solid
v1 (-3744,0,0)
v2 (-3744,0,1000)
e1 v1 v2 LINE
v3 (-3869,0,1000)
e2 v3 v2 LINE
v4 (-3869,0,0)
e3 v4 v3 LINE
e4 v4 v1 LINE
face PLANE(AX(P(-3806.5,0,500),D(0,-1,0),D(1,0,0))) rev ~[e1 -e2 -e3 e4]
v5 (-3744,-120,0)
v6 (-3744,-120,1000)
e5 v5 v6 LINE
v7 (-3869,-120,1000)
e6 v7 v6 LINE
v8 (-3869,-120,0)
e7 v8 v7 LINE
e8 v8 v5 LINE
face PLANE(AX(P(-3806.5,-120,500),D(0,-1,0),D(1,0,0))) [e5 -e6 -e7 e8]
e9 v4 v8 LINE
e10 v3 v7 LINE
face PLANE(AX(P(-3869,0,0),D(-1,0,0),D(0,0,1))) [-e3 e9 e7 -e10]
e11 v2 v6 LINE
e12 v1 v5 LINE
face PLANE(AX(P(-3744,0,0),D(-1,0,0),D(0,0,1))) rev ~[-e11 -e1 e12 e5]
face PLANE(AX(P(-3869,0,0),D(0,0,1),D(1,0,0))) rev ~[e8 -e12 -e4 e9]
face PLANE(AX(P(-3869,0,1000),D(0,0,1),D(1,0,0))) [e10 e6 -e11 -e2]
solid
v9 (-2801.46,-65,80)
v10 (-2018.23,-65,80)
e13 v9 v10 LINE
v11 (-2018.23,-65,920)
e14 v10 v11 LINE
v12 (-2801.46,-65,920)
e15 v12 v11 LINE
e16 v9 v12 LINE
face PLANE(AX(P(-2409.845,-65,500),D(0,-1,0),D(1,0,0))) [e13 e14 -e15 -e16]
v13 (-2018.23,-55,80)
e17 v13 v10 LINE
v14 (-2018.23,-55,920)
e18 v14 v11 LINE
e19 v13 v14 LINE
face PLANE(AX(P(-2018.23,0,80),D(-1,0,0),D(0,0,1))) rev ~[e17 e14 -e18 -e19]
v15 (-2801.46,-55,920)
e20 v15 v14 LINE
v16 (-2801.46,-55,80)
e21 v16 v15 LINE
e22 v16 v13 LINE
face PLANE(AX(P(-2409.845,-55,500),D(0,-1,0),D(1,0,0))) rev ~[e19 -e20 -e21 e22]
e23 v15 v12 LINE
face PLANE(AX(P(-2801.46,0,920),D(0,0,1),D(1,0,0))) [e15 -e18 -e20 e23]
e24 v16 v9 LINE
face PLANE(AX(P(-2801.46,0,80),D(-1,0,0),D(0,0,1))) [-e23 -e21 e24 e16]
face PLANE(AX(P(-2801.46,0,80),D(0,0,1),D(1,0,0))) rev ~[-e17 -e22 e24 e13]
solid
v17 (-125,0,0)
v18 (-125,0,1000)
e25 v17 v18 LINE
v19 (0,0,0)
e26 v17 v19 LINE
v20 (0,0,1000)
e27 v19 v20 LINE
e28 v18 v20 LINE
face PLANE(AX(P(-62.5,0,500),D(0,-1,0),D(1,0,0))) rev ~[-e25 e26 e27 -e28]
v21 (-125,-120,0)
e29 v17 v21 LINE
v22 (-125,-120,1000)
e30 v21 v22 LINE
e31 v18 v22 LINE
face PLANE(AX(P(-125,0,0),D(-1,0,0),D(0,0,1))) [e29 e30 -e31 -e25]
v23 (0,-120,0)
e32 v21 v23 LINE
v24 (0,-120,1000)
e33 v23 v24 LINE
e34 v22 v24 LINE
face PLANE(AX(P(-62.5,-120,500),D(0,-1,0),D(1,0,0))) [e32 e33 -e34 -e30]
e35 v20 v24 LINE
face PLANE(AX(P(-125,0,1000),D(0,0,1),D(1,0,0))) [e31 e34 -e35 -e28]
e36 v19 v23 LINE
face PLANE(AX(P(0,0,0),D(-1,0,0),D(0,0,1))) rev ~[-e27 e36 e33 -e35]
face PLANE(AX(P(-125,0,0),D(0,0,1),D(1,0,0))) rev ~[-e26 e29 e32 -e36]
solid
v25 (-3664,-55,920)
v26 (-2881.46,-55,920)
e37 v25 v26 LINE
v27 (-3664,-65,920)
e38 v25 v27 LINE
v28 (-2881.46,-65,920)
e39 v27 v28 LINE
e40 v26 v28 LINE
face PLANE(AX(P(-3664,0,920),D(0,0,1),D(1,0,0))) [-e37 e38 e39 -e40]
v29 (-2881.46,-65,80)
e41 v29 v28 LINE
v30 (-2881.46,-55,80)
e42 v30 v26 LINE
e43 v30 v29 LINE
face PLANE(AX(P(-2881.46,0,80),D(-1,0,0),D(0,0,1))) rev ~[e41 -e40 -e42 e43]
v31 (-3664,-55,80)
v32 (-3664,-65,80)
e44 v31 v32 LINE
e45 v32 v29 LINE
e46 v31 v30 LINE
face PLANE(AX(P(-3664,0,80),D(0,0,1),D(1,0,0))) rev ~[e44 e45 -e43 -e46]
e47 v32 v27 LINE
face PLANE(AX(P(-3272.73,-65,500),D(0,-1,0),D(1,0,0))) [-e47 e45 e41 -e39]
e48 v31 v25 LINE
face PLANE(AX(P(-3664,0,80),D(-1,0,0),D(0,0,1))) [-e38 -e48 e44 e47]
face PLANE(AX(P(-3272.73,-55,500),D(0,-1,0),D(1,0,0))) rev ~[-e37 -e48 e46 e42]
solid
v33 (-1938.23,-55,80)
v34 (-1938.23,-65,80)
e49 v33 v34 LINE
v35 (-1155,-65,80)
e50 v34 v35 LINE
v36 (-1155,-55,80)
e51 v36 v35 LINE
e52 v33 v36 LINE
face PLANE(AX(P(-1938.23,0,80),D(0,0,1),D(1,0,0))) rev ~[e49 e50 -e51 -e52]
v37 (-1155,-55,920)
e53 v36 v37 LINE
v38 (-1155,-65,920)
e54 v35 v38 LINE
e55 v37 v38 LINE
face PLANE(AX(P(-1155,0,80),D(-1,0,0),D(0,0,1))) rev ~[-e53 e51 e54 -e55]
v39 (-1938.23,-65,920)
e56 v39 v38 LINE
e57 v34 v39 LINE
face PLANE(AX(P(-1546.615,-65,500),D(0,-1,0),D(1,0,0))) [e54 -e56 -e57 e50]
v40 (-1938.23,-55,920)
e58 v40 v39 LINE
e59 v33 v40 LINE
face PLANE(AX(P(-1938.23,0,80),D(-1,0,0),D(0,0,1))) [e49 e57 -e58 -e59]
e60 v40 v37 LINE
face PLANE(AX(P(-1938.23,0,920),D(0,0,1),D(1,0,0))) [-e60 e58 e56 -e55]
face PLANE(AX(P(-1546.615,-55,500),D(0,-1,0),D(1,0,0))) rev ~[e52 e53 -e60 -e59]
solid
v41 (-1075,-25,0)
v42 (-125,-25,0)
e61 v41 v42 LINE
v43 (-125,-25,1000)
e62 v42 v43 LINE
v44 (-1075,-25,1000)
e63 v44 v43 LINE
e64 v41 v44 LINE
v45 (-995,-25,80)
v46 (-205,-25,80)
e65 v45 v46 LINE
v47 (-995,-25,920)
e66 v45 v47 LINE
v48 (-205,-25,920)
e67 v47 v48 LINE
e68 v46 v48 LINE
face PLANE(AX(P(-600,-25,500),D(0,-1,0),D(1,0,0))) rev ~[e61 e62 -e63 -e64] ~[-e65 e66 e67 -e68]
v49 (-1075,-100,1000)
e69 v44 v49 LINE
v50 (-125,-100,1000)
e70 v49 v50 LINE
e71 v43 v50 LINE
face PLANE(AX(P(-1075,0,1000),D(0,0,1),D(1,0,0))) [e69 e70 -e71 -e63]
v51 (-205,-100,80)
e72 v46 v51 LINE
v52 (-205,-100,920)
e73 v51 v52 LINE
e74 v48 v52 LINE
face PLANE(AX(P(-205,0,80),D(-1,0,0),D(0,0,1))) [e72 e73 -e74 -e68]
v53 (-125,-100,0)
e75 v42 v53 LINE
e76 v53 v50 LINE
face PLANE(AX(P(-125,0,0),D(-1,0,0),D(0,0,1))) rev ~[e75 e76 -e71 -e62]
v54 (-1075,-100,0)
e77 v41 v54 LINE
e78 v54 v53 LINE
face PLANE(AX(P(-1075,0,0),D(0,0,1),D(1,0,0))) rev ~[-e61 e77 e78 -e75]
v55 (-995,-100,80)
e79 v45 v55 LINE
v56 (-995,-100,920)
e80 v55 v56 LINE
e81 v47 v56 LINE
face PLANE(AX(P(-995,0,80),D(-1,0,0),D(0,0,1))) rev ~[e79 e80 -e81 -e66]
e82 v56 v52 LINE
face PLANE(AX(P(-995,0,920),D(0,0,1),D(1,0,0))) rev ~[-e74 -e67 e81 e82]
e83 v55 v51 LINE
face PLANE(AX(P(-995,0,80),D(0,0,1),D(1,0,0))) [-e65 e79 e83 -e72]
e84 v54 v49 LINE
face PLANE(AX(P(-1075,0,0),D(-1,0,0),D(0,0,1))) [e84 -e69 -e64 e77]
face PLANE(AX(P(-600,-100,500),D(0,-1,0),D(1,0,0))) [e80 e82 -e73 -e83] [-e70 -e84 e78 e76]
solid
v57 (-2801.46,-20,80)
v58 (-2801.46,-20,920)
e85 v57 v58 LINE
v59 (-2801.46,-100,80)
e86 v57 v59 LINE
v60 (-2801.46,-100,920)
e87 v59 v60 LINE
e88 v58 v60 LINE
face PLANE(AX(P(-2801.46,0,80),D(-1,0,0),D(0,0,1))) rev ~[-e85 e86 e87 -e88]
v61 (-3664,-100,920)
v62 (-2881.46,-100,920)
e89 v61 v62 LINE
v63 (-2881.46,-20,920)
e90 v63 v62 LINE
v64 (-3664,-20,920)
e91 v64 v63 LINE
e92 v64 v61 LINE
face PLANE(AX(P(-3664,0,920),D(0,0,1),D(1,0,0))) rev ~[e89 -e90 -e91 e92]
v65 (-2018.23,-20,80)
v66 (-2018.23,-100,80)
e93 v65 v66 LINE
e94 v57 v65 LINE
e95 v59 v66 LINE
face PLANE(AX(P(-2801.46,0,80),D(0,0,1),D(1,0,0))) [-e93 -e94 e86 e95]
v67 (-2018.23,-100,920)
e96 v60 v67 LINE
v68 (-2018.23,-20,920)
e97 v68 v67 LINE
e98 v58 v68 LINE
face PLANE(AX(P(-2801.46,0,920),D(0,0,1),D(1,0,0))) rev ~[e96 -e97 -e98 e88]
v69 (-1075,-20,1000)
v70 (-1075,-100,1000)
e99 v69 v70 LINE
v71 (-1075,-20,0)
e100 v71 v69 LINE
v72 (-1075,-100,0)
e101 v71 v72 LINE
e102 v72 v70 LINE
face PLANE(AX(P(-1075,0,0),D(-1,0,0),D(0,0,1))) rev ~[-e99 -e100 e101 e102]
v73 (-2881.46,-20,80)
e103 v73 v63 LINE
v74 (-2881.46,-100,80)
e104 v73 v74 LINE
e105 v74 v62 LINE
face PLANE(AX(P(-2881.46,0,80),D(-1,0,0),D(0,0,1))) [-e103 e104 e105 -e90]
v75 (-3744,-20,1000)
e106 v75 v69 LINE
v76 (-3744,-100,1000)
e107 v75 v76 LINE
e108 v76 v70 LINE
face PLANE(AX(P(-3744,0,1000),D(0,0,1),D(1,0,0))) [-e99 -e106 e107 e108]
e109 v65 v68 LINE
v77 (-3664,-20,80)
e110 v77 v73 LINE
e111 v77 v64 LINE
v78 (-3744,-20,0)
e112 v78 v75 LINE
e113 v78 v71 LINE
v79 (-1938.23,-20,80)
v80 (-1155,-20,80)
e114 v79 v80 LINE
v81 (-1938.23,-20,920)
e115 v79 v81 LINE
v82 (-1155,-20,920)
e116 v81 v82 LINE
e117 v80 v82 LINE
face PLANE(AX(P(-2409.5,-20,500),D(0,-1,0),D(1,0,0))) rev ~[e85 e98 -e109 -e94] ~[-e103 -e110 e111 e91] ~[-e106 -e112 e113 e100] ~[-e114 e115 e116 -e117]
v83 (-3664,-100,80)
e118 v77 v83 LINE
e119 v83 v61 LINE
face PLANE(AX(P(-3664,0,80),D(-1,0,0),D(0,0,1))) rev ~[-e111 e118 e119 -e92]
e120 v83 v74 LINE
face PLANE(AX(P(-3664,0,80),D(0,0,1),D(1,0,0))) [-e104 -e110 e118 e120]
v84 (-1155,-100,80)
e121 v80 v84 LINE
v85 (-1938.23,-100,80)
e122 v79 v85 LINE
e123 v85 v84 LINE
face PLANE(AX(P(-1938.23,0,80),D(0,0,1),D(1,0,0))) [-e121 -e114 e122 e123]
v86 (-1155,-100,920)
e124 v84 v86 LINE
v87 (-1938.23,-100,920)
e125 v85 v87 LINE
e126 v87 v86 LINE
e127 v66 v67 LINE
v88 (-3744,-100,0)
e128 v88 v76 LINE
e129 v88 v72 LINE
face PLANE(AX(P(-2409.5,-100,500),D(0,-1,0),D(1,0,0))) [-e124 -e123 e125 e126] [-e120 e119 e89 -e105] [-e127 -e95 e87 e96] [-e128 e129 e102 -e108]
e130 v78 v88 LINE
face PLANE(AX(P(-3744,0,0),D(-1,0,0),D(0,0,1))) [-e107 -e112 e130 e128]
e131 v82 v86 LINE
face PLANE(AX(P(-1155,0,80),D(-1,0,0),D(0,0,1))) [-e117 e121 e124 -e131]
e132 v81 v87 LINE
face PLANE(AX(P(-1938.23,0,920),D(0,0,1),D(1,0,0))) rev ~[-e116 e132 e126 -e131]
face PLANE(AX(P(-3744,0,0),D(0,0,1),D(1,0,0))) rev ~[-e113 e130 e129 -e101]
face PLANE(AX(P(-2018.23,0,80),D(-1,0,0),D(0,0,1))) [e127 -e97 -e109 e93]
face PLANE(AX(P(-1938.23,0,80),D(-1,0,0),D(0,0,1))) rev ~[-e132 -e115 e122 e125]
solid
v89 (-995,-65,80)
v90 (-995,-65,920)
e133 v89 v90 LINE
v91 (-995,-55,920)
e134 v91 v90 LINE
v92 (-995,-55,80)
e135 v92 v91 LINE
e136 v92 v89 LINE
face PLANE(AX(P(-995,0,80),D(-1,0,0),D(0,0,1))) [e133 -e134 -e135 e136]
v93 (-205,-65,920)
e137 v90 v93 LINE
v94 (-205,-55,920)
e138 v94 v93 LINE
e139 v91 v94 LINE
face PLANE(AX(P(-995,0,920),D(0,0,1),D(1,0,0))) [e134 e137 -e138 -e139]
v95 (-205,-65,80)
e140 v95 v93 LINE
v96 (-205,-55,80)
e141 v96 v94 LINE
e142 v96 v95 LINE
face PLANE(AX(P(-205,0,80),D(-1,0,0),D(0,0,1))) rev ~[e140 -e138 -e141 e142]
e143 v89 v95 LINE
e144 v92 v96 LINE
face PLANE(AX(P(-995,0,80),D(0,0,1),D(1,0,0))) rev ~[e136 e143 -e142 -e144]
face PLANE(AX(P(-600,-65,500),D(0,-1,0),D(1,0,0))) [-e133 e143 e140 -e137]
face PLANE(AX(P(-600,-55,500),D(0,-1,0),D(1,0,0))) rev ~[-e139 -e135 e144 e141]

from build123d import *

# Parameters (mm, degrees)
F0_W     = 125
F0_H     = 1000
F1_DEPTH = 120
F0_W_2   = 2669
F0_W_3   = 782.54
F0_H_2   = 840
F0_W_4   = 783.23
F2_DEPTH = 100
F3_DEPTH = 65
F0_W_5   = 950
F0_W_6   = 790
F4_DEPTH = 100
F5_DEPTH = 65
F6_DEPTH = 25
F7_DEPTH = 55
F8_DEPTH = 20
F9_DEPTH = 55


with BuildPart() as f1:
    # F0 (on Front) → F1 (new body)
    with BuildSketch(Plane.XZ):
        with Locations((-3806.5, 500)):
            Rectangle(F0_W, F0_H)
        with Locations((-62.5, 500)):
            Rectangle(F0_W, F0_H)
    extrude(amount=F1_DEPTH)


with BuildPart() as f2:
    # F0 (on Front) → F2 (new body)
    with BuildSketch(Plane.XZ):
        with Locations((-2409.5, 500)):
            Rectangle(F0_W_2, F0_H)
        with Locations((-3272.73, 500)):
            Rectangle(F0_W_3, F0_H_2, mode=Mode.SUBTRACT)
        with Locations((-2409.845, 500)):
            Rectangle(F0_W_4, F0_H_2, mode=Mode.SUBTRACT)
        with Locations((-1546.615, 500)):
            Rectangle(F0_W_4, F0_H_2, mode=Mode.SUBTRACT)
    extrude(amount=F2_DEPTH)

    # F0 (on Front) → F8 (cut)
    with BuildSketch(Plane.XZ):
        with Locations((-2409.5, 500)):
            Rectangle(F0_W_2, F0_H)
        with Locations((-3272.73, 500)):
            Rectangle(F0_W_3, F0_H_2, mode=Mode.SUBTRACT)
        with Locations((-2409.845, 500)):
            Rectangle(F0_W_4, F0_H_2, mode=Mode.SUBTRACT)
        with Locations((-1546.615, 500)):
            Rectangle(F0_W_4, F0_H_2, mode=Mode.SUBTRACT)
    extrude(amount=F8_DEPTH, mode=Mode.SUBTRACT)


with BuildPart() as f3:
    # F0 (on Front) → F3 (new body)
    with BuildSketch(Plane.XZ):
        with Locations((-3272.73, 500)):
            Rectangle(F0_W_3, F0_H_2)
        with Locations((-2409.845, 500)):
            Rectangle(F0_W_4, F0_H_2)
        with Locations((-1546.615, 500)):
            Rectangle(F0_W_4, F0_H_2)
    extrude(amount=F3_DEPTH)

    # F0 (on Front) → F9 (cut)
    with BuildSketch(Plane.XZ):
        with Locations((-1546.615, 500)):
            Rectangle(F0_W_4, F0_H_2)
        with Locations((-2409.845, 500)):
            Rectangle(F0_W_4, F0_H_2)
        with Locations((-3272.73, 500)):
            Rectangle(F0_W_3, F0_H_2)
    extrude(amount=F9_DEPTH, mode=Mode.SUBTRACT)


with BuildPart() as f4:
    # F0 (on Front) → F4 (new body)
    with BuildSketch(Plane.XZ):
        with Locations((-600, 500)):
            Rectangle(F0_W_5, F0_H)
        with Locations((-600, 500)):
            Rectangle(F0_W_6, F0_H_2, mode=Mode.SUBTRACT)
    extrude(amount=F4_DEPTH)

    # F0 (on Front) → F6 (cut)
    with BuildSketch(Plane.XZ):
        with Locations((-600, 500)):
            Rectangle(F0_W_5, F0_H)
        with Locations((-600, 500)):
            Rectangle(F0_W_6, F0_H_2, mode=Mode.SUBTRACT)
    extrude(amount=F6_DEPTH, mode=Mode.SUBTRACT)


with BuildPart() as f5:
    # F0 (on Front) → F5 (new body)
    with BuildSketch(Plane.XZ):
        with Locations((-600, 500)):
            Rectangle(F0_W_6, F0_H_2)
    extrude(amount=F5_DEPTH)

    # F0 (on Front) → F7 (cut)
    with BuildSketch(Plane.XZ):
        with Locations((-600, 500)):
            Rectangle(F0_W_6, F0_H_2)
    extrude(amount=F7_DEPTH, mode=Mode.SUBTRACT)


solid = Compound([f1.part, f2.part, f3.part, f4.part, f5.part])
